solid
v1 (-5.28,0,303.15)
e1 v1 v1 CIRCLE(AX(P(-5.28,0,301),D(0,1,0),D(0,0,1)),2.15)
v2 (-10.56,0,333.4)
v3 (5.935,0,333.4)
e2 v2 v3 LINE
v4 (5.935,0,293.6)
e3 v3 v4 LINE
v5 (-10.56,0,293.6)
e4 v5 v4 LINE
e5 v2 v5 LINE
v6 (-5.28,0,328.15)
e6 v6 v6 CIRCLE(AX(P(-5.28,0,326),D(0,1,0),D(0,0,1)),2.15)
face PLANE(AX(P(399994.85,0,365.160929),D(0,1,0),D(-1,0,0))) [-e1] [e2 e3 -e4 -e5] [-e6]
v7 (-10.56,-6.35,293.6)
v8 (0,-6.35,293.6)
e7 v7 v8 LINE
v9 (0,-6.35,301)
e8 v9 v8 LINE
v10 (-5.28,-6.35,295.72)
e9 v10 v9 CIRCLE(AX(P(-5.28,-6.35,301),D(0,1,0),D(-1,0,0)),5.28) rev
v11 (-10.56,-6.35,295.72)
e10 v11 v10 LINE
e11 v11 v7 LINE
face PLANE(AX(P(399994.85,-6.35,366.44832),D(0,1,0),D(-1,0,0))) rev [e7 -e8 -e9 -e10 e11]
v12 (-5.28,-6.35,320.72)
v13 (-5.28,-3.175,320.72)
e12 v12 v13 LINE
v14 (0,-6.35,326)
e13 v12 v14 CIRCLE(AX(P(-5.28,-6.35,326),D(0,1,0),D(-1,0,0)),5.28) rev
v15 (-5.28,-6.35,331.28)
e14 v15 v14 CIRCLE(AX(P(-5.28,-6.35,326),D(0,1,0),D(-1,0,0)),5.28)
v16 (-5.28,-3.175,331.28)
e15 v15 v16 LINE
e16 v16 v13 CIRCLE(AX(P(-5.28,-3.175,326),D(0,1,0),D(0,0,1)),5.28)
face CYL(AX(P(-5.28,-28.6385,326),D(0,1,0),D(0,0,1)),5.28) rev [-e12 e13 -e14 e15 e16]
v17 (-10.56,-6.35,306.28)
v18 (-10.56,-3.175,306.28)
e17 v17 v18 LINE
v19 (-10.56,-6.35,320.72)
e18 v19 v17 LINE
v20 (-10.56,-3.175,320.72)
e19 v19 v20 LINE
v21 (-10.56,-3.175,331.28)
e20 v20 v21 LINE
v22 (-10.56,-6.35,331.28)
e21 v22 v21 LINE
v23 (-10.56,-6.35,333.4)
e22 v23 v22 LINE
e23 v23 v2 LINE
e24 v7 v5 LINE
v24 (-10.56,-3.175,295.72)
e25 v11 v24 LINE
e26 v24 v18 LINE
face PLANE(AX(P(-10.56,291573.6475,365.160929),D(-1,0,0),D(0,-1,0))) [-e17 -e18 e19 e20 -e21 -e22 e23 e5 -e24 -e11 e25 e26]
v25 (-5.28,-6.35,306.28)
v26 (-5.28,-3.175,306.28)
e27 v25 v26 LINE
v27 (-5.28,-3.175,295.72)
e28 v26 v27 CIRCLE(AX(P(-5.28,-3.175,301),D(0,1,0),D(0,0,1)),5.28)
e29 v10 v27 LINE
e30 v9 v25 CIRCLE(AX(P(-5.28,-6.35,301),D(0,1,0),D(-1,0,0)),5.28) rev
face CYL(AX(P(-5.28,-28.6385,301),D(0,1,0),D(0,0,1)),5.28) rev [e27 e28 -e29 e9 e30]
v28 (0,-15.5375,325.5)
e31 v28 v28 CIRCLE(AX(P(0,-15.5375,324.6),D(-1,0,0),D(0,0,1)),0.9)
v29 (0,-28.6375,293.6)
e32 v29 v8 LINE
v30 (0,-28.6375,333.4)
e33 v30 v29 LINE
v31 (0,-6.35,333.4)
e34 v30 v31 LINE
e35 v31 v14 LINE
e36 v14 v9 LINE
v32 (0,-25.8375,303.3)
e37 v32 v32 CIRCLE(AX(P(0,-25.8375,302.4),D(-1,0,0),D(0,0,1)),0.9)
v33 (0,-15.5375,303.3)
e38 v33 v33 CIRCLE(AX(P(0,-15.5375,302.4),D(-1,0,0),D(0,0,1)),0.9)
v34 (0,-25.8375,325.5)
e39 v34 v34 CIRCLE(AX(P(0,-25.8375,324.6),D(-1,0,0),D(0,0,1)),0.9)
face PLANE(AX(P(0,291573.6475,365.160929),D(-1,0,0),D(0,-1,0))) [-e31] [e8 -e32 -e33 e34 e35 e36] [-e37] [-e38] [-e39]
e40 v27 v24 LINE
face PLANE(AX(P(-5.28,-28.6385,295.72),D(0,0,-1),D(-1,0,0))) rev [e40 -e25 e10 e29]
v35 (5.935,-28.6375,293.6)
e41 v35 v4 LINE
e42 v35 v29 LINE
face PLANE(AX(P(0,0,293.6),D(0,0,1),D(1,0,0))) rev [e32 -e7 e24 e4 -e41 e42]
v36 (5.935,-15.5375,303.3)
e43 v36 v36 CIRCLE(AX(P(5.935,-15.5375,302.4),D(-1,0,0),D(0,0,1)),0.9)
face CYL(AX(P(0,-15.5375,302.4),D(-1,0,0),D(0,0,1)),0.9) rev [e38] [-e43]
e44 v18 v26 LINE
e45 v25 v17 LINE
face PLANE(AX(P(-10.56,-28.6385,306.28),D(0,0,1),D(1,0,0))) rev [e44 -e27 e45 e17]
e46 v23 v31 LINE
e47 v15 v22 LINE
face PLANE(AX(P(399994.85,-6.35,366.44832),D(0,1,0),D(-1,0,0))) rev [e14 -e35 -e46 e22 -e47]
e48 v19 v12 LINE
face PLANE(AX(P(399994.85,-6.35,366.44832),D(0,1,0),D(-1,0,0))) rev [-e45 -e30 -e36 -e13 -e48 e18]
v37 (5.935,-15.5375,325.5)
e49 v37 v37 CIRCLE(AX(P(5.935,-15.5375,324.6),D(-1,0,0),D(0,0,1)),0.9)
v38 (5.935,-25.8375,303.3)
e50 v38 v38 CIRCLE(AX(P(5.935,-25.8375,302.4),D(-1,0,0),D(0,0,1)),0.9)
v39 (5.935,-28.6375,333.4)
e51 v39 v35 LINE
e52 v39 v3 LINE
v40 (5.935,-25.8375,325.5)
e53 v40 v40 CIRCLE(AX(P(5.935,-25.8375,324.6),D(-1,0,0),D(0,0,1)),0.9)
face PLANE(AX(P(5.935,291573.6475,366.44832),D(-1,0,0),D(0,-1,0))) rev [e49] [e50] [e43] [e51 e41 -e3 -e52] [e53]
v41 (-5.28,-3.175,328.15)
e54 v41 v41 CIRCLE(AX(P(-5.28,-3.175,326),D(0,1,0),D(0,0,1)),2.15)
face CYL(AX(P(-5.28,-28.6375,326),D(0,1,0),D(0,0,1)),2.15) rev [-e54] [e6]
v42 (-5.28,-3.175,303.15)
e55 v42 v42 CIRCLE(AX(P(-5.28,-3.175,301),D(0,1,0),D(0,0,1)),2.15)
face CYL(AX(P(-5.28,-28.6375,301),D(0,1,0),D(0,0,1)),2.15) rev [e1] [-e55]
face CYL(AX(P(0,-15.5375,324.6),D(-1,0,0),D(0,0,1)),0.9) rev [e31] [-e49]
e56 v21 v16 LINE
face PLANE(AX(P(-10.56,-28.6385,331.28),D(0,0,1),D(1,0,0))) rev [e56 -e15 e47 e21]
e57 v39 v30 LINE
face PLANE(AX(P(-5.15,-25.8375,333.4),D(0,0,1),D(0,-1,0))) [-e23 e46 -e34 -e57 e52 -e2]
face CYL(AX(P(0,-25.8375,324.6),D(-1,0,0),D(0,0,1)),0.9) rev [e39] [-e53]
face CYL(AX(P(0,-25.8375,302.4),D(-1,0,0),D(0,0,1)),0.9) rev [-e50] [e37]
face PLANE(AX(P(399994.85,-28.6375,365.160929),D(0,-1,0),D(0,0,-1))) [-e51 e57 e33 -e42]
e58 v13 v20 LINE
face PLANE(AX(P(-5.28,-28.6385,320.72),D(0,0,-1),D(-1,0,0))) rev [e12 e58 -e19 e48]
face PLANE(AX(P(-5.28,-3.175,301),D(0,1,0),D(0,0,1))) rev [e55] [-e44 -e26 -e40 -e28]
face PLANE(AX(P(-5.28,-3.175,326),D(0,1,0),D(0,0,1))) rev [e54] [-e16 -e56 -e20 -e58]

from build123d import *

# Parameters (mm, degrees)
MAINBODY_EXTRUDE_START                    = 293.6
MAINBODY_EXTRUDE_DEPTH                    = 39.8
BOLSTEREDPLINTH_EXTRUDE_START             = -3.4
BOLSTEREDPLINTH_EXTRUDE_DEPTH             = 39.8
PROXIMALMOUNTHOLESCREWHEADLANDS_CUT_START = -6.35
PROXIMALMOUNTHOLESCREWHEADLANDS_CUT_DEPTH = 3.175
PROXIMALMOUNTSCREWHOLES_SKETCH_R          = 2.15
PROXIMALMOUNTHOLES_CUT_DEPTH              = 335.794235324
LIMITSWITCHMOUNTHOLES_HOLEWIZARD_D        = 1.8


with BuildPart() as part:
    # projectionZ_sketch → mainBody_extrude (new body)
    with BuildSketch(Plane.XY.offset(MAINBODY_EXTRUDE_START)):
        Polygon((3.175, -28.6375), (0, -28.6375), (0, -3.175), (-10.56, -3.175), (-10.56, 0), (3.175, 0), align=None)
    extrude(amount=MAINBODY_EXTRUDE_DEPTH)

    # bolsteredPlinthProjectionZ_sketch → bolsteredPlinth_extrude (add)
    with BuildSketch(Plane.XY.offset(297).offset(BOLSTEREDPLINTH_EXTRUDE_START)):
        Polygon((-10.56, 0), (5.935, 0), (5.935, -28.6375), (3.175, -28.6375), (0, -6.35), (-10.56, -6.35), align=None)
    extrude(amount=BOLSTEREDPLINTH_EXTRUDE_DEPTH)

    # proximalMountScrewHeadLands_sketch → proximalMountHoleScrewHeadLands_cut (cut)
    with BuildSketch(Plane(origin=(0, 0, 0), x_dir=(1, 0, 0), z_dir=(0, 1, 0)).offset(PROXIMALMOUNTHOLESCREWHEADLANDS_CUT_START)):
        with BuildLine():
            Line((-10.56, -331.280000019), (-5.28, -331.280000019))
            ThreePointArc((-5.28, -331.280000019), (0, -326.000000019), (-5.28, -320.720000019))
            Line((-5.28, -320.720000019), (-10.56, -320.720000019))
            Line((-10.56, -320.720000019), (-10.56, -331.280000019))
        make_face()
        with BuildLine():
            Line((-10.56, -306.279999981), (-5.28, -306.279999981))
            ThreePointArc((-5.28, -306.279999981), (0, -300.999999981), (-5.28, -295.719999981))
            Line((-5.28, -295.719999981), (-10.56, -295.719999981))
            Line((-10.56, -295.719999981), (-10.56, -306.279999981))
        make_face()
    extrude(amount=PROXIMALMOUNTHOLESCREWHEADLANDS_CUT_DEPTH, mode=Mode.SUBTRACT)

    # proximalMountScrewHoles_sketch → proximalMountHoles_cut (cut, through all)
    with BuildSketch(Plane(origin=(0, 0, 0), x_dir=(1, 0, 0), z_dir=(0, 1, 0))):
        with Locations(Location((-5.28, -326.000000019, 0), (0, 0, 270))):
            Circle(PROXIMALMOUNTSCREWHOLES_SKETCH_R)
        with Locations(Location((-5.28, -300.999999981, 0), (0, 0, 270))):
            Circle(PROXIMALMOUNTSCREWHOLES_SKETCH_R)
    extrude(amount=-PROXIMALMOUNTHOLES_CUT_DEPTH, mode=Mode.SUBTRACT)

    # limitSwitchMountHoles_holeWizard (through all)
    with Locations(Plane(origin=(0, 0, 0), x_dir=(0, 0, -1), z_dir=(-1, 0, 0))):
        with Locations((-302.4, 25.8375), (-302.4, 15.5375), (-324.6, 15.5375), (-324.6, 25.8375)):
            Hole(LIMITSWITCHMOUNTHOLES_HOLEWIZARD_D / 2)


solid = part.part
